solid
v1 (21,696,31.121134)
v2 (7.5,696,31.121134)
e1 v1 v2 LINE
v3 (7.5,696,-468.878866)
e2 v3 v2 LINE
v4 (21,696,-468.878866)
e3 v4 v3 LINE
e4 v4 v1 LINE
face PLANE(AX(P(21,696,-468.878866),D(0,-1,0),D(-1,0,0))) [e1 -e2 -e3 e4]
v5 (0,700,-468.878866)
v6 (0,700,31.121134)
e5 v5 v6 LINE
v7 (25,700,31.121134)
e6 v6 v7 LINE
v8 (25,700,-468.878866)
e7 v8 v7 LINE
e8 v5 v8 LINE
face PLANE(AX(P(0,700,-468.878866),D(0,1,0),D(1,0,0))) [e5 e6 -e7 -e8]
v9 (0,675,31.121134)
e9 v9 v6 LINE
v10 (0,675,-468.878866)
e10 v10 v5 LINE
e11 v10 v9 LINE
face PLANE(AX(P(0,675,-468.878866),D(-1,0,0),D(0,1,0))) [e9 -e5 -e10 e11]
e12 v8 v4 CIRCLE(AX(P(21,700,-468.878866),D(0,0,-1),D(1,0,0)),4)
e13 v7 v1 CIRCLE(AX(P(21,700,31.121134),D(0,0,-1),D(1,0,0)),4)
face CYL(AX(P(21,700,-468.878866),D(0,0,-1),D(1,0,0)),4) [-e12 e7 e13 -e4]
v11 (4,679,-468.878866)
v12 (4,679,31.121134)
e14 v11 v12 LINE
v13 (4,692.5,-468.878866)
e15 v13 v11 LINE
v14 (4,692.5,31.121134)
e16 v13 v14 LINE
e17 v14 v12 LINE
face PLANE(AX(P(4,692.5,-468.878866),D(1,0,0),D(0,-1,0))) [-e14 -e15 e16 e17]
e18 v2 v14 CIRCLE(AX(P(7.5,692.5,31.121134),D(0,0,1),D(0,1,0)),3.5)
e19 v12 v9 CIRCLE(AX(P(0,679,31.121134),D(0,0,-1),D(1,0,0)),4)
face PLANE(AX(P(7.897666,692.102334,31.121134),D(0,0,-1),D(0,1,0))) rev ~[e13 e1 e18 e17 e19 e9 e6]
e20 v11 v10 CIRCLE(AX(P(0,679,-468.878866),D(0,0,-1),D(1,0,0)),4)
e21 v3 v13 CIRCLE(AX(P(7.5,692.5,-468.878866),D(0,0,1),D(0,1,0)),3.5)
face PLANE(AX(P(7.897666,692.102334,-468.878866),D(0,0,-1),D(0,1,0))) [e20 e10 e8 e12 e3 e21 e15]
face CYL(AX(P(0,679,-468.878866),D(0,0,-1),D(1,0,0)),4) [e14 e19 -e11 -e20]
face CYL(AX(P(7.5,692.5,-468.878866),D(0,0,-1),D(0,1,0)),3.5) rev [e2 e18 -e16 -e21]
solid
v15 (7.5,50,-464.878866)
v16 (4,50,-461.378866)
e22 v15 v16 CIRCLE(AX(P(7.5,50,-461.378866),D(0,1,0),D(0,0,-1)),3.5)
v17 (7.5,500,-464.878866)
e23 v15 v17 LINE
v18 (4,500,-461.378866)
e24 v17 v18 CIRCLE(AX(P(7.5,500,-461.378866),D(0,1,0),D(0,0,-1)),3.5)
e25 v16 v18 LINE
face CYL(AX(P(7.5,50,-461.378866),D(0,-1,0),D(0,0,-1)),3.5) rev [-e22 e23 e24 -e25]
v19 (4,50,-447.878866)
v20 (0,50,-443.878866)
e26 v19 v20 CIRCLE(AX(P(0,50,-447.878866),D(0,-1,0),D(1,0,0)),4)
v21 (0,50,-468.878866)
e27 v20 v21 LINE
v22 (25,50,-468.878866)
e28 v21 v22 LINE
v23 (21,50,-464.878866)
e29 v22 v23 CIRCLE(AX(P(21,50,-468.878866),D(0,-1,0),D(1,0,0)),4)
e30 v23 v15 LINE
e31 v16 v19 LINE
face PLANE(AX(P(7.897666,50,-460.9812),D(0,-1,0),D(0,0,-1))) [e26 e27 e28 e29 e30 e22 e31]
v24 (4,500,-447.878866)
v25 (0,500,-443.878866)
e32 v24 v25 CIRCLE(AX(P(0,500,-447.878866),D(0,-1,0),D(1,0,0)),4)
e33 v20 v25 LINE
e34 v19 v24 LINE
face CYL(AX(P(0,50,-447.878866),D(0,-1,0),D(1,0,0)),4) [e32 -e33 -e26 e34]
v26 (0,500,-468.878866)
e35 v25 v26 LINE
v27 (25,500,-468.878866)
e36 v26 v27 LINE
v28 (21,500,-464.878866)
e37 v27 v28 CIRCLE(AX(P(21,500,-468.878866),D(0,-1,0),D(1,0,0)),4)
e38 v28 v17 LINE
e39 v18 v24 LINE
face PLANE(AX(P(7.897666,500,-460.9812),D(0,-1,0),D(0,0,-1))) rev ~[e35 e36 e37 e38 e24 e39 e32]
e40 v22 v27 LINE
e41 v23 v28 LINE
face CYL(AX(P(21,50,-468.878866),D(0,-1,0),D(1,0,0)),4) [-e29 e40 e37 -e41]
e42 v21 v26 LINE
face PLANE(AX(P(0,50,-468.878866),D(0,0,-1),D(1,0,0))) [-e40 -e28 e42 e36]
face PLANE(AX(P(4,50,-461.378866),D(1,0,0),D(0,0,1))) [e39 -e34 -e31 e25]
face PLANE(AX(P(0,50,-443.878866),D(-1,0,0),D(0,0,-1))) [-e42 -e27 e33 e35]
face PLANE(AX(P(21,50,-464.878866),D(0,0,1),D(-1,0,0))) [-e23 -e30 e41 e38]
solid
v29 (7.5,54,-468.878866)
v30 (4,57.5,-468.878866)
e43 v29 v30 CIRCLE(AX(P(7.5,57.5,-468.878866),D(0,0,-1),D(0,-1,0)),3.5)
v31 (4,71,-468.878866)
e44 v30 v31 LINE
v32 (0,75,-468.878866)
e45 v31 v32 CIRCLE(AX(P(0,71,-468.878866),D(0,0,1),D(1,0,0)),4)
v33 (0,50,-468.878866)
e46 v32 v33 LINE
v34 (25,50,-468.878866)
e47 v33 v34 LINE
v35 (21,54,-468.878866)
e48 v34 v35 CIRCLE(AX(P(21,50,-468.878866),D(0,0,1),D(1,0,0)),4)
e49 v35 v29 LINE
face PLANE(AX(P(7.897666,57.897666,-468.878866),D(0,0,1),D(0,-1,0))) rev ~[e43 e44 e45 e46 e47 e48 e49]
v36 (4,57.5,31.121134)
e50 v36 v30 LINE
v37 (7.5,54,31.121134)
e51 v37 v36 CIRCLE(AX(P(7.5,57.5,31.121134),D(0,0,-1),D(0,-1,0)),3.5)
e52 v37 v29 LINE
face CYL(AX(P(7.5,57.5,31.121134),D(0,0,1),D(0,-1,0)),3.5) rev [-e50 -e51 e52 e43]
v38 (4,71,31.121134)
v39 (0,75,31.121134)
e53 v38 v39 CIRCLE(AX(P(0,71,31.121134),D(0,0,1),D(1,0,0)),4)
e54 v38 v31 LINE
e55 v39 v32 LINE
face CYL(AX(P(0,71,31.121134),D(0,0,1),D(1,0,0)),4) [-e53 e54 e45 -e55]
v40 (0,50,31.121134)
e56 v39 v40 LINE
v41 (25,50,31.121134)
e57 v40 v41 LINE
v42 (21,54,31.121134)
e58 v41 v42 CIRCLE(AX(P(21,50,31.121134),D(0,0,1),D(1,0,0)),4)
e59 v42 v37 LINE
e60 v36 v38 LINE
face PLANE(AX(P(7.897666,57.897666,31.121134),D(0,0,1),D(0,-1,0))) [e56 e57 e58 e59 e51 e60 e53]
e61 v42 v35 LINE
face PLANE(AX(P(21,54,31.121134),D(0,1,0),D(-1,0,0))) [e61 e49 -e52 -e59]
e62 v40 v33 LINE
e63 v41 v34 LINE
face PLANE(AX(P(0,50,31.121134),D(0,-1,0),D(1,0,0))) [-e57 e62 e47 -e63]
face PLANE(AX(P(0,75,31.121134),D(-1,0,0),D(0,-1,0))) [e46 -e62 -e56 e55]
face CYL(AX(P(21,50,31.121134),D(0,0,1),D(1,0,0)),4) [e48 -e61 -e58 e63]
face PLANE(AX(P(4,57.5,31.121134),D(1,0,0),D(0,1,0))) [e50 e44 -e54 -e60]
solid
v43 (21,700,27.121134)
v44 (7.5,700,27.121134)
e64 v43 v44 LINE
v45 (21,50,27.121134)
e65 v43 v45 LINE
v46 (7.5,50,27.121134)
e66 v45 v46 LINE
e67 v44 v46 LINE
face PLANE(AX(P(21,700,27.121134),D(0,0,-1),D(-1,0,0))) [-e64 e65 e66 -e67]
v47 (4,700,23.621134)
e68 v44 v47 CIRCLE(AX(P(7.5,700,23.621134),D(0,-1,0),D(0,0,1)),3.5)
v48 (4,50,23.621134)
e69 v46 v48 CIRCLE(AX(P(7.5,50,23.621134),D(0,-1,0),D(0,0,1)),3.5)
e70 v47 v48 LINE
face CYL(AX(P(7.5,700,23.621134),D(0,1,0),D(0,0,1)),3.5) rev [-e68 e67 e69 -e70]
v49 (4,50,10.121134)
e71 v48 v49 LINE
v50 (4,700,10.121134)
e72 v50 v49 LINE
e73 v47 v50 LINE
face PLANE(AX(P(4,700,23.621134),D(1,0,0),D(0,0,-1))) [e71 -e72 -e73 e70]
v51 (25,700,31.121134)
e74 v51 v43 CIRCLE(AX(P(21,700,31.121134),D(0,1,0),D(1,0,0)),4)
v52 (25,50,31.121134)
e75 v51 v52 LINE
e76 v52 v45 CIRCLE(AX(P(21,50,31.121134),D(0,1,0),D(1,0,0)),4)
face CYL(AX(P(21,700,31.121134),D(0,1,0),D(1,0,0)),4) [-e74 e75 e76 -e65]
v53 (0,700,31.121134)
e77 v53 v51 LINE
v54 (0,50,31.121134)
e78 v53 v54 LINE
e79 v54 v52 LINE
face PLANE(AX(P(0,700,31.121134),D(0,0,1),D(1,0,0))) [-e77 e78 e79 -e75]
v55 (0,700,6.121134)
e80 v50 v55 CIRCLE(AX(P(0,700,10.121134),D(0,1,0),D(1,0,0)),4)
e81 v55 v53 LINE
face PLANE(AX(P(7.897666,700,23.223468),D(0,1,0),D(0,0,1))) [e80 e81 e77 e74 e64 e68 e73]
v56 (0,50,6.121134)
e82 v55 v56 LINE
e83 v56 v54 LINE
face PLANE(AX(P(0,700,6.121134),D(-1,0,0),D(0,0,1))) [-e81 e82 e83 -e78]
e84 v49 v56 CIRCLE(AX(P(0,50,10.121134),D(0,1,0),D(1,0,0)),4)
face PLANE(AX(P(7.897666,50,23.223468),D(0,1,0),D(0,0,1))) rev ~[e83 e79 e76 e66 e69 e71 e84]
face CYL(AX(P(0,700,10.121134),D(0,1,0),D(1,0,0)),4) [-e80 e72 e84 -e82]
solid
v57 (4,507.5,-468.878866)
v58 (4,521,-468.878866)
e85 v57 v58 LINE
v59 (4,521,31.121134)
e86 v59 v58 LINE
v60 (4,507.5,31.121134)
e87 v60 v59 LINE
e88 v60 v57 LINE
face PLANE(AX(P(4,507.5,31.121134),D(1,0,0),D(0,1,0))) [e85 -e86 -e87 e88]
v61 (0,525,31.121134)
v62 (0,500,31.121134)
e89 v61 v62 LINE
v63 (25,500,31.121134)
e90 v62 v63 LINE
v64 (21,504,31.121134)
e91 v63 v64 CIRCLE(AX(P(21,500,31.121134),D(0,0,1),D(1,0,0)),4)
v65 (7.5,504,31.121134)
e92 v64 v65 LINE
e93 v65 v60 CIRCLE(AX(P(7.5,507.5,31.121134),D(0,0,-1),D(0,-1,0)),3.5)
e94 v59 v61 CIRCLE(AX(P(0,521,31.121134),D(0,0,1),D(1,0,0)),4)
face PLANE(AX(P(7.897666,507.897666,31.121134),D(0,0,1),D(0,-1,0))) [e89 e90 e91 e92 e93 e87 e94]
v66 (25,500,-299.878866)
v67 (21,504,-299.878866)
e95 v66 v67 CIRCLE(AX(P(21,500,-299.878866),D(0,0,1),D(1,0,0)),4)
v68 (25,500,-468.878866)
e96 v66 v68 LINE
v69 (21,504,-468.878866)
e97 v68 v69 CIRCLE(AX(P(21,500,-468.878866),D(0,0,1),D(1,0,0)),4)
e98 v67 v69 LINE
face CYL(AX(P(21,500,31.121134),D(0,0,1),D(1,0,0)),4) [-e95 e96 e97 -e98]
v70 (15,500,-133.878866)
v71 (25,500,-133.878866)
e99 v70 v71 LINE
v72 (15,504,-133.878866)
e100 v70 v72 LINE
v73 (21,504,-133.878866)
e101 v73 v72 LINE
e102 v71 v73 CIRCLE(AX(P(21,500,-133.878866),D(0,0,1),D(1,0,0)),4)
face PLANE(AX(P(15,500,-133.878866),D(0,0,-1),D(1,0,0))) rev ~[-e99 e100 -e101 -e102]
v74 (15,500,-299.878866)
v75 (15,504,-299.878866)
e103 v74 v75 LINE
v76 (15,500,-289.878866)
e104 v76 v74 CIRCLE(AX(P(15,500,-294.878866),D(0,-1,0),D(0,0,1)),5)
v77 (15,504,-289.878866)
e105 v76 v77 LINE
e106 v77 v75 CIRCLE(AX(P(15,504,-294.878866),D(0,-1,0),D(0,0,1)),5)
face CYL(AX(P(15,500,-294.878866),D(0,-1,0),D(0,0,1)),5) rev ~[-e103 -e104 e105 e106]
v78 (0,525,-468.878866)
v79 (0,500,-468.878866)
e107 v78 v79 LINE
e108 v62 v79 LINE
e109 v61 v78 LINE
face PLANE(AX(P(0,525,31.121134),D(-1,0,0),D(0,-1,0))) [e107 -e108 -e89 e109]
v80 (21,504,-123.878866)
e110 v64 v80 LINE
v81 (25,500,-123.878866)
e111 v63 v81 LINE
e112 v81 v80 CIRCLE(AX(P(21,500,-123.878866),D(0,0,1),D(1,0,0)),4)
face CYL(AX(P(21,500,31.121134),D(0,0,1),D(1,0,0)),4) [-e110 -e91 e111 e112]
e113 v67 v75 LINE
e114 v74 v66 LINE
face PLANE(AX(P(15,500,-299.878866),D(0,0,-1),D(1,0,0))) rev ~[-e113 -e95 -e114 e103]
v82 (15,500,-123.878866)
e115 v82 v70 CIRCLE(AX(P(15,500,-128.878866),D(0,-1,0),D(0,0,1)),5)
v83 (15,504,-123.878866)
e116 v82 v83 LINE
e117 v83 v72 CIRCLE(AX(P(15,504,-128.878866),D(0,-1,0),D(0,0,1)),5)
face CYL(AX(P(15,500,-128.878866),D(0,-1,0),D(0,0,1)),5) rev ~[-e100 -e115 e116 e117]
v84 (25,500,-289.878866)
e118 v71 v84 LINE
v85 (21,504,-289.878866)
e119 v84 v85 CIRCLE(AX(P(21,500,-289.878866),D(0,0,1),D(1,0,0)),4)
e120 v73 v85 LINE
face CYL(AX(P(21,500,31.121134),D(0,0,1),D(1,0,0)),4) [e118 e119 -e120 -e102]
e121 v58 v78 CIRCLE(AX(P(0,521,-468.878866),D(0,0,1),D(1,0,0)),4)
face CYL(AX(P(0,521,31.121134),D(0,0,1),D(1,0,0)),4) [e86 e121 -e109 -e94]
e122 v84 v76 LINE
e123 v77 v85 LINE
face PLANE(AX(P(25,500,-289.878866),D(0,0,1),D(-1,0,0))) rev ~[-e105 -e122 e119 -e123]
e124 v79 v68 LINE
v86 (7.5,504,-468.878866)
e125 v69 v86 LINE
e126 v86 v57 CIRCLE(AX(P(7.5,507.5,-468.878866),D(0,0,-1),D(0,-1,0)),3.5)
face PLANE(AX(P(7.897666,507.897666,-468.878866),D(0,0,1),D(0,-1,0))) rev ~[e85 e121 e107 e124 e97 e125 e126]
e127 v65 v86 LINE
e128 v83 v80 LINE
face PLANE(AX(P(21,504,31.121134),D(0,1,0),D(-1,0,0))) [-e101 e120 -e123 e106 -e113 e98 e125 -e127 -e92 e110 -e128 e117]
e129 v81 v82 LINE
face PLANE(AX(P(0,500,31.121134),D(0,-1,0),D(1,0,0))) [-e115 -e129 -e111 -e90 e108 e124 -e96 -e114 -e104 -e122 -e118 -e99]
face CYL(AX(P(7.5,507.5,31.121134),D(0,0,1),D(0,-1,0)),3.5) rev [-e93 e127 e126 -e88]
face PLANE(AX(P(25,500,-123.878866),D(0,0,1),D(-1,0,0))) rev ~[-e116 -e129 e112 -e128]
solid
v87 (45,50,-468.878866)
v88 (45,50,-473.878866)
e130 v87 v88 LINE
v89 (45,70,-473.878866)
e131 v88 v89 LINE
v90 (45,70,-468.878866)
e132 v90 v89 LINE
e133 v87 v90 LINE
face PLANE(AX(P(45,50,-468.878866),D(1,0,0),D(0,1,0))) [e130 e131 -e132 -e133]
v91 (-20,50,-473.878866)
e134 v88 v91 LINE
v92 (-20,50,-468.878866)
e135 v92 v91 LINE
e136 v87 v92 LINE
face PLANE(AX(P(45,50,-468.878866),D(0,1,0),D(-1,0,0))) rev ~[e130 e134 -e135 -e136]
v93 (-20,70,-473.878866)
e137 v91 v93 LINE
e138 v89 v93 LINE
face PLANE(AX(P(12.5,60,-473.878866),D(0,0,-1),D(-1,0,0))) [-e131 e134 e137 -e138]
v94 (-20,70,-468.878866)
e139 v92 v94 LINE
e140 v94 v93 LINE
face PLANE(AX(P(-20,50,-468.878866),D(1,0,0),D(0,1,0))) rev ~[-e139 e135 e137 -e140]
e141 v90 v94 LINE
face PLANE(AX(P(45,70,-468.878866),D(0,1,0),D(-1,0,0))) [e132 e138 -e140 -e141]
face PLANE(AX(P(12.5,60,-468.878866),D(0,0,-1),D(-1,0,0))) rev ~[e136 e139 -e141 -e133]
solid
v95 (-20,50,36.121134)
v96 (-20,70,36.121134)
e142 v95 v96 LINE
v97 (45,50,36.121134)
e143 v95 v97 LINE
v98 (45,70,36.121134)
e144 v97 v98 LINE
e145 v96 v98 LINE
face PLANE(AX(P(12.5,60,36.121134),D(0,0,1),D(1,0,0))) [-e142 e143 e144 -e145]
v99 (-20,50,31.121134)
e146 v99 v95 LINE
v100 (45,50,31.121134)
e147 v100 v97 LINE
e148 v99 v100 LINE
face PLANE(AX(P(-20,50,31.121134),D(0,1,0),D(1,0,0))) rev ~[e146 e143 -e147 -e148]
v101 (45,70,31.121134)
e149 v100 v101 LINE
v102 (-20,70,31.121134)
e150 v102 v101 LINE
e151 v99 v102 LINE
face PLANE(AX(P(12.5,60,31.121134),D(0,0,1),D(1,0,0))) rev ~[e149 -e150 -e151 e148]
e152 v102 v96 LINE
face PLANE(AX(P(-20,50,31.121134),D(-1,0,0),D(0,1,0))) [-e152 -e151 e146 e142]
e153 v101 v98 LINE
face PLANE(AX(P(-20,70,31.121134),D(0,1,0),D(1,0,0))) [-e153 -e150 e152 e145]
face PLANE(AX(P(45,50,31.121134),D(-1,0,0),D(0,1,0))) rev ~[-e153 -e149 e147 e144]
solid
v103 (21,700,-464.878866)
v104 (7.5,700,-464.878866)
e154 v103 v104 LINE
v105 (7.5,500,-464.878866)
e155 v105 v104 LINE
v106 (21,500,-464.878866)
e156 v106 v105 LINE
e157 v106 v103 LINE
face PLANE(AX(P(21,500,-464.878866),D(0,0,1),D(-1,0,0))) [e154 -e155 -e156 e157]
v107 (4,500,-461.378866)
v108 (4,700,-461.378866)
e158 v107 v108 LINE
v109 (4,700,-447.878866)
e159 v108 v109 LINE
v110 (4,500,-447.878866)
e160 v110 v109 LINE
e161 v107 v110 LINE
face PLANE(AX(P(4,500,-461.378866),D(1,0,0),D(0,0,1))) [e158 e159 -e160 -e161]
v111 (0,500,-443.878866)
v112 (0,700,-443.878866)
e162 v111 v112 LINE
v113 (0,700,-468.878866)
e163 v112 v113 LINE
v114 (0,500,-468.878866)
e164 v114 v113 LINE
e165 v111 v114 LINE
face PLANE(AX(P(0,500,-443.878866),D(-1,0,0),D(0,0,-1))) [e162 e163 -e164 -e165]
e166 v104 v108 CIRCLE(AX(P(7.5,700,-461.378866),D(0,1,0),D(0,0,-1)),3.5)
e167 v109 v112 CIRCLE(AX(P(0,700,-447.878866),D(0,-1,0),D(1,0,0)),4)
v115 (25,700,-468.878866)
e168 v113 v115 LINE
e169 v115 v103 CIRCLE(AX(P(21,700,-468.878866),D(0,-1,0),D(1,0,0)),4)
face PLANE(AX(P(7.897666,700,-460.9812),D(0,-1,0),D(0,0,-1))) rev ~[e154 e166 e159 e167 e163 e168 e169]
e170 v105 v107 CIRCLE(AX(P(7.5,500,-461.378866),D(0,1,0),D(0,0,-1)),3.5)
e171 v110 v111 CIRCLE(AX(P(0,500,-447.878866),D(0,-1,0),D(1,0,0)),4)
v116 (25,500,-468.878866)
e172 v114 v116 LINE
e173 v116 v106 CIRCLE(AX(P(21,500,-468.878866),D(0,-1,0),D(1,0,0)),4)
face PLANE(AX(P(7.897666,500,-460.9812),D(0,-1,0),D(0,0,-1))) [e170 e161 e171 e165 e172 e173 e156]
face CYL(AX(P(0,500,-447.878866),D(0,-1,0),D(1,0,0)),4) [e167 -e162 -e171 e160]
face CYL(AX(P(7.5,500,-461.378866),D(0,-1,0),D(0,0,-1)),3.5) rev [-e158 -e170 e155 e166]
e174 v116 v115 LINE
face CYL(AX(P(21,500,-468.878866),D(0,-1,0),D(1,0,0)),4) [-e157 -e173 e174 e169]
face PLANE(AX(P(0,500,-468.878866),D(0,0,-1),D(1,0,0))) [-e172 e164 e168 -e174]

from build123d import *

# Parameters (mm, degrees)
STRUCTURAL_MEMBER4_DEPTH  = 500
STRUCTURAL_MEMBER5_DEPTH  = 500
CUT_EXTRUDE3_DEPTH        = 5
LPATTERN2_COUNT           = 2
LPATTERN2_PITCH           = 166
STRUCTURAL_MEMBER7_DEPTH  = 500
STRUCTURAL_MEMBER8_DEPTH  = 650
STRUCTURAL_MEMBER9_DEPTH  = 450
STRUCTURAL_MEMBER10_DEPTH = 200
SKETCH114_W               = 65
SKETCH114_H               = 20
BOSS_EXTRUDE6_DEPTH       = 5
SKETCH115_W               = 65
SKETCH115_H               = 20
BOSS_EXTRUDE7_DEPTH       = 5


with BuildPart() as part:
    # Sketch14 → Structural Member4 (new body)
    with BuildSketch(Plane(origin=(0, 700, -468.878865899), x_dir=(0, -1, 0), z_dir=(0, 0, 1))):
        with BuildLine():
            Line((0, 0), (0, 25))
            ThreePointArc((0, 25), (2.828427125, 23.828427125), (4, 21))
            Line((4, 21), (4, 7.5))
            ThreePointArc((4, 7.5), (5.025126266, 5.025126266), (7.5, 4))
            Line((7.5, 4), (21, 4))
            ThreePointArc((21, 4), (23.828427125, 2.828427125), (25, 0))
            Line((25, 0), (0, 0))
        make_face()
    extrude(amount=STRUCTURAL_MEMBER4_DEPTH)


with BuildPart() as body_2:
    # Sketch15 → Structural Member5 (new body)
    with BuildSketch(Plane(origin=(0, 500, 31.121134101), x_dir=(0, 1, 0), z_dir=(0, 0, -1))):
        with BuildLine():
            Line((0, 0), (0, 25))
            ThreePointArc((0, 25), (2.828427125, 23.828427125), (4, 21))
            Line((4, 21), (4, 7.5))
            ThreePointArc((4, 7.5), (5.025126266, 5.025126266), (7.5, 4))
            Line((7.5, 4), (21, 4))
            ThreePointArc((21, 4), (23.828427125, 2.828427125), (25, 0))
            Line((25, 0), (0, 0))
        make_face()
    extrude(amount=STRUCTURAL_MEMBER5_DEPTH)

    # Sketch23 → Cut-Extrude3 (cut)
    with BuildSketch(Plane(origin=(0, 500, 0), x_dir=(-1, 0, 0), z_dir=(0, -1, 0))):
        with BuildLine():
            Line((-25, 123.878865899), (-15, 123.878865899))
            ThreePointArc((-15, 123.878865899), (-10, 128.878865899), (-15, 133.878865899))
            Line((-15, 133.878865899), (-25, 133.878865899))
            Line((-25, 133.878865899), (-25, 123.878865899))
        make_face()
    cut_extrude3 = extrude(amount=-CUT_EXTRUDE3_DEPTH, mode=Mode.SUBTRACT)

    # LPattern2: Cut-Extrude3 ×2
    with Locations(*[(0, 0, -i * LPATTERN2_PITCH) for i in range(1, LPATTERN2_COUNT)]):
        add(cut_extrude3, mode=Mode.SUBTRACT)


with BuildPart() as body_3:
    # Sketch110 → Structural Member7 (new body)
    with BuildSketch(Plane(origin=(0, 50, 31.121134101), x_dir=(0, 1, 0), z_dir=(0, 0, -1))):
        with BuildLine():
            Line((0, 0), (0, 25))
            ThreePointArc((0, 25), (2.828427125, 23.828427125), (4, 21))
            Line((4, 21), (4, 7.5))
            ThreePointArc((4, 7.5), (5.025126266, 5.025126266), (7.5, 4))
            Line((7.5, 4), (21, 4))
            ThreePointArc((21, 4), (23.828427125, 2.828427125), (25, 0))
            Line((25, 0), (0, 0))
        make_face()
    extrude(amount=STRUCTURAL_MEMBER7_DEPTH)


with BuildPart() as body_4:
    # Sketch111 → Structural Member8 (new body)
    with BuildSketch(Plane(origin=(0, 700, 31.121134101), x_dir=(0, 0, -1), z_dir=(0, -1, 0))):
        with BuildLine():
            Line((0, 0), (0, 25))
            ThreePointArc((0, 25), (2.828427125, 23.828427125), (4, 21))
            Line((4, 21), (4, 7.5))
            ThreePointArc((4, 7.5), (5.025126266, 5.025126266), (7.5, 4))
            Line((7.5, 4), (21, 4))
            ThreePointArc((21, 4), (23.828427125, 2.828427125), (25, 0))
            Line((25, 0), (0, 0))
        make_face()
    extrude(amount=STRUCTURAL_MEMBER8_DEPTH)


with BuildPart() as body_5:
    # Sketch112 → Structural Member9 (new body)
    with BuildSketch(Plane(origin=(0, 50, -468.878865899), x_dir=(0, 0, 1), z_dir=(0, 1, 0))):
        with BuildLine():
            Line((0, 0), (0, 25))
            ThreePointArc((0, 25), (2.828427125, 23.828427125), (4, 21))
            Line((4, 21), (4, 7.5))
            ThreePointArc((4, 7.5), (5.025126266, 5.025126266), (7.5, 4))
            Line((7.5, 4), (21, 4))
            ThreePointArc((21, 4), (23.828427125, 2.828427125), (25, 0))
            Line((25, 0), (0, 0))
        make_face()
    extrude(amount=STRUCTURAL_MEMBER9_DEPTH)


with BuildPart() as body_6:
    # Sketch113 → Structural Member10 (new body)
    with BuildSketch(Plane(origin=(0, 500, -468.878865899), x_dir=(0, 0, 1), z_dir=(0, 1, 0))):
        with BuildLine():
            Line((0, 0), (0, 25))
            ThreePointArc((0, 25), (2.828427125, 23.828427125), (4, 21))
            Line((4, 21), (4, 7.5))
            ThreePointArc((4, 7.5), (5.025126266, 5.025126266), (7.5, 4))
            Line((7.5, 4), (21, 4))
            ThreePointArc((21, 4), (23.828427125, 2.828427125), (25, 0))
            Line((25, 0), (0, 0))
        make_face()
    extrude(amount=STRUCTURAL_MEMBER10_DEPTH)


with BuildPart() as body_7:
    # Sketch114 → Boss-Extrude6 (new body)
    with BuildSketch(Plane.XY.offset(31.121134101)):
        with Locations((12.5, 60)):
            Rectangle(SKETCH114_W, SKETCH114_H)
    extrude(amount=BOSS_EXTRUDE6_DEPTH)


with BuildPart() as body_8:
    # Sketch115 → Boss-Extrude7 (new body)
    with BuildSketch(Plane(origin=(0, 0, -468.878865899), x_dir=(-1, 0, 0), z_dir=(0, 0, -1))):
        with Locations((-12.5, 60)):
            Rectangle(SKETCH115_W, SKETCH115_H)
    extrude(amount=BOSS_EXTRUDE7_DEPTH)


solid = Compound([part.part, body_2.part, body_3.part, body_4.part, body_5.part, body_6.part, body_7.part, body_8.part])
